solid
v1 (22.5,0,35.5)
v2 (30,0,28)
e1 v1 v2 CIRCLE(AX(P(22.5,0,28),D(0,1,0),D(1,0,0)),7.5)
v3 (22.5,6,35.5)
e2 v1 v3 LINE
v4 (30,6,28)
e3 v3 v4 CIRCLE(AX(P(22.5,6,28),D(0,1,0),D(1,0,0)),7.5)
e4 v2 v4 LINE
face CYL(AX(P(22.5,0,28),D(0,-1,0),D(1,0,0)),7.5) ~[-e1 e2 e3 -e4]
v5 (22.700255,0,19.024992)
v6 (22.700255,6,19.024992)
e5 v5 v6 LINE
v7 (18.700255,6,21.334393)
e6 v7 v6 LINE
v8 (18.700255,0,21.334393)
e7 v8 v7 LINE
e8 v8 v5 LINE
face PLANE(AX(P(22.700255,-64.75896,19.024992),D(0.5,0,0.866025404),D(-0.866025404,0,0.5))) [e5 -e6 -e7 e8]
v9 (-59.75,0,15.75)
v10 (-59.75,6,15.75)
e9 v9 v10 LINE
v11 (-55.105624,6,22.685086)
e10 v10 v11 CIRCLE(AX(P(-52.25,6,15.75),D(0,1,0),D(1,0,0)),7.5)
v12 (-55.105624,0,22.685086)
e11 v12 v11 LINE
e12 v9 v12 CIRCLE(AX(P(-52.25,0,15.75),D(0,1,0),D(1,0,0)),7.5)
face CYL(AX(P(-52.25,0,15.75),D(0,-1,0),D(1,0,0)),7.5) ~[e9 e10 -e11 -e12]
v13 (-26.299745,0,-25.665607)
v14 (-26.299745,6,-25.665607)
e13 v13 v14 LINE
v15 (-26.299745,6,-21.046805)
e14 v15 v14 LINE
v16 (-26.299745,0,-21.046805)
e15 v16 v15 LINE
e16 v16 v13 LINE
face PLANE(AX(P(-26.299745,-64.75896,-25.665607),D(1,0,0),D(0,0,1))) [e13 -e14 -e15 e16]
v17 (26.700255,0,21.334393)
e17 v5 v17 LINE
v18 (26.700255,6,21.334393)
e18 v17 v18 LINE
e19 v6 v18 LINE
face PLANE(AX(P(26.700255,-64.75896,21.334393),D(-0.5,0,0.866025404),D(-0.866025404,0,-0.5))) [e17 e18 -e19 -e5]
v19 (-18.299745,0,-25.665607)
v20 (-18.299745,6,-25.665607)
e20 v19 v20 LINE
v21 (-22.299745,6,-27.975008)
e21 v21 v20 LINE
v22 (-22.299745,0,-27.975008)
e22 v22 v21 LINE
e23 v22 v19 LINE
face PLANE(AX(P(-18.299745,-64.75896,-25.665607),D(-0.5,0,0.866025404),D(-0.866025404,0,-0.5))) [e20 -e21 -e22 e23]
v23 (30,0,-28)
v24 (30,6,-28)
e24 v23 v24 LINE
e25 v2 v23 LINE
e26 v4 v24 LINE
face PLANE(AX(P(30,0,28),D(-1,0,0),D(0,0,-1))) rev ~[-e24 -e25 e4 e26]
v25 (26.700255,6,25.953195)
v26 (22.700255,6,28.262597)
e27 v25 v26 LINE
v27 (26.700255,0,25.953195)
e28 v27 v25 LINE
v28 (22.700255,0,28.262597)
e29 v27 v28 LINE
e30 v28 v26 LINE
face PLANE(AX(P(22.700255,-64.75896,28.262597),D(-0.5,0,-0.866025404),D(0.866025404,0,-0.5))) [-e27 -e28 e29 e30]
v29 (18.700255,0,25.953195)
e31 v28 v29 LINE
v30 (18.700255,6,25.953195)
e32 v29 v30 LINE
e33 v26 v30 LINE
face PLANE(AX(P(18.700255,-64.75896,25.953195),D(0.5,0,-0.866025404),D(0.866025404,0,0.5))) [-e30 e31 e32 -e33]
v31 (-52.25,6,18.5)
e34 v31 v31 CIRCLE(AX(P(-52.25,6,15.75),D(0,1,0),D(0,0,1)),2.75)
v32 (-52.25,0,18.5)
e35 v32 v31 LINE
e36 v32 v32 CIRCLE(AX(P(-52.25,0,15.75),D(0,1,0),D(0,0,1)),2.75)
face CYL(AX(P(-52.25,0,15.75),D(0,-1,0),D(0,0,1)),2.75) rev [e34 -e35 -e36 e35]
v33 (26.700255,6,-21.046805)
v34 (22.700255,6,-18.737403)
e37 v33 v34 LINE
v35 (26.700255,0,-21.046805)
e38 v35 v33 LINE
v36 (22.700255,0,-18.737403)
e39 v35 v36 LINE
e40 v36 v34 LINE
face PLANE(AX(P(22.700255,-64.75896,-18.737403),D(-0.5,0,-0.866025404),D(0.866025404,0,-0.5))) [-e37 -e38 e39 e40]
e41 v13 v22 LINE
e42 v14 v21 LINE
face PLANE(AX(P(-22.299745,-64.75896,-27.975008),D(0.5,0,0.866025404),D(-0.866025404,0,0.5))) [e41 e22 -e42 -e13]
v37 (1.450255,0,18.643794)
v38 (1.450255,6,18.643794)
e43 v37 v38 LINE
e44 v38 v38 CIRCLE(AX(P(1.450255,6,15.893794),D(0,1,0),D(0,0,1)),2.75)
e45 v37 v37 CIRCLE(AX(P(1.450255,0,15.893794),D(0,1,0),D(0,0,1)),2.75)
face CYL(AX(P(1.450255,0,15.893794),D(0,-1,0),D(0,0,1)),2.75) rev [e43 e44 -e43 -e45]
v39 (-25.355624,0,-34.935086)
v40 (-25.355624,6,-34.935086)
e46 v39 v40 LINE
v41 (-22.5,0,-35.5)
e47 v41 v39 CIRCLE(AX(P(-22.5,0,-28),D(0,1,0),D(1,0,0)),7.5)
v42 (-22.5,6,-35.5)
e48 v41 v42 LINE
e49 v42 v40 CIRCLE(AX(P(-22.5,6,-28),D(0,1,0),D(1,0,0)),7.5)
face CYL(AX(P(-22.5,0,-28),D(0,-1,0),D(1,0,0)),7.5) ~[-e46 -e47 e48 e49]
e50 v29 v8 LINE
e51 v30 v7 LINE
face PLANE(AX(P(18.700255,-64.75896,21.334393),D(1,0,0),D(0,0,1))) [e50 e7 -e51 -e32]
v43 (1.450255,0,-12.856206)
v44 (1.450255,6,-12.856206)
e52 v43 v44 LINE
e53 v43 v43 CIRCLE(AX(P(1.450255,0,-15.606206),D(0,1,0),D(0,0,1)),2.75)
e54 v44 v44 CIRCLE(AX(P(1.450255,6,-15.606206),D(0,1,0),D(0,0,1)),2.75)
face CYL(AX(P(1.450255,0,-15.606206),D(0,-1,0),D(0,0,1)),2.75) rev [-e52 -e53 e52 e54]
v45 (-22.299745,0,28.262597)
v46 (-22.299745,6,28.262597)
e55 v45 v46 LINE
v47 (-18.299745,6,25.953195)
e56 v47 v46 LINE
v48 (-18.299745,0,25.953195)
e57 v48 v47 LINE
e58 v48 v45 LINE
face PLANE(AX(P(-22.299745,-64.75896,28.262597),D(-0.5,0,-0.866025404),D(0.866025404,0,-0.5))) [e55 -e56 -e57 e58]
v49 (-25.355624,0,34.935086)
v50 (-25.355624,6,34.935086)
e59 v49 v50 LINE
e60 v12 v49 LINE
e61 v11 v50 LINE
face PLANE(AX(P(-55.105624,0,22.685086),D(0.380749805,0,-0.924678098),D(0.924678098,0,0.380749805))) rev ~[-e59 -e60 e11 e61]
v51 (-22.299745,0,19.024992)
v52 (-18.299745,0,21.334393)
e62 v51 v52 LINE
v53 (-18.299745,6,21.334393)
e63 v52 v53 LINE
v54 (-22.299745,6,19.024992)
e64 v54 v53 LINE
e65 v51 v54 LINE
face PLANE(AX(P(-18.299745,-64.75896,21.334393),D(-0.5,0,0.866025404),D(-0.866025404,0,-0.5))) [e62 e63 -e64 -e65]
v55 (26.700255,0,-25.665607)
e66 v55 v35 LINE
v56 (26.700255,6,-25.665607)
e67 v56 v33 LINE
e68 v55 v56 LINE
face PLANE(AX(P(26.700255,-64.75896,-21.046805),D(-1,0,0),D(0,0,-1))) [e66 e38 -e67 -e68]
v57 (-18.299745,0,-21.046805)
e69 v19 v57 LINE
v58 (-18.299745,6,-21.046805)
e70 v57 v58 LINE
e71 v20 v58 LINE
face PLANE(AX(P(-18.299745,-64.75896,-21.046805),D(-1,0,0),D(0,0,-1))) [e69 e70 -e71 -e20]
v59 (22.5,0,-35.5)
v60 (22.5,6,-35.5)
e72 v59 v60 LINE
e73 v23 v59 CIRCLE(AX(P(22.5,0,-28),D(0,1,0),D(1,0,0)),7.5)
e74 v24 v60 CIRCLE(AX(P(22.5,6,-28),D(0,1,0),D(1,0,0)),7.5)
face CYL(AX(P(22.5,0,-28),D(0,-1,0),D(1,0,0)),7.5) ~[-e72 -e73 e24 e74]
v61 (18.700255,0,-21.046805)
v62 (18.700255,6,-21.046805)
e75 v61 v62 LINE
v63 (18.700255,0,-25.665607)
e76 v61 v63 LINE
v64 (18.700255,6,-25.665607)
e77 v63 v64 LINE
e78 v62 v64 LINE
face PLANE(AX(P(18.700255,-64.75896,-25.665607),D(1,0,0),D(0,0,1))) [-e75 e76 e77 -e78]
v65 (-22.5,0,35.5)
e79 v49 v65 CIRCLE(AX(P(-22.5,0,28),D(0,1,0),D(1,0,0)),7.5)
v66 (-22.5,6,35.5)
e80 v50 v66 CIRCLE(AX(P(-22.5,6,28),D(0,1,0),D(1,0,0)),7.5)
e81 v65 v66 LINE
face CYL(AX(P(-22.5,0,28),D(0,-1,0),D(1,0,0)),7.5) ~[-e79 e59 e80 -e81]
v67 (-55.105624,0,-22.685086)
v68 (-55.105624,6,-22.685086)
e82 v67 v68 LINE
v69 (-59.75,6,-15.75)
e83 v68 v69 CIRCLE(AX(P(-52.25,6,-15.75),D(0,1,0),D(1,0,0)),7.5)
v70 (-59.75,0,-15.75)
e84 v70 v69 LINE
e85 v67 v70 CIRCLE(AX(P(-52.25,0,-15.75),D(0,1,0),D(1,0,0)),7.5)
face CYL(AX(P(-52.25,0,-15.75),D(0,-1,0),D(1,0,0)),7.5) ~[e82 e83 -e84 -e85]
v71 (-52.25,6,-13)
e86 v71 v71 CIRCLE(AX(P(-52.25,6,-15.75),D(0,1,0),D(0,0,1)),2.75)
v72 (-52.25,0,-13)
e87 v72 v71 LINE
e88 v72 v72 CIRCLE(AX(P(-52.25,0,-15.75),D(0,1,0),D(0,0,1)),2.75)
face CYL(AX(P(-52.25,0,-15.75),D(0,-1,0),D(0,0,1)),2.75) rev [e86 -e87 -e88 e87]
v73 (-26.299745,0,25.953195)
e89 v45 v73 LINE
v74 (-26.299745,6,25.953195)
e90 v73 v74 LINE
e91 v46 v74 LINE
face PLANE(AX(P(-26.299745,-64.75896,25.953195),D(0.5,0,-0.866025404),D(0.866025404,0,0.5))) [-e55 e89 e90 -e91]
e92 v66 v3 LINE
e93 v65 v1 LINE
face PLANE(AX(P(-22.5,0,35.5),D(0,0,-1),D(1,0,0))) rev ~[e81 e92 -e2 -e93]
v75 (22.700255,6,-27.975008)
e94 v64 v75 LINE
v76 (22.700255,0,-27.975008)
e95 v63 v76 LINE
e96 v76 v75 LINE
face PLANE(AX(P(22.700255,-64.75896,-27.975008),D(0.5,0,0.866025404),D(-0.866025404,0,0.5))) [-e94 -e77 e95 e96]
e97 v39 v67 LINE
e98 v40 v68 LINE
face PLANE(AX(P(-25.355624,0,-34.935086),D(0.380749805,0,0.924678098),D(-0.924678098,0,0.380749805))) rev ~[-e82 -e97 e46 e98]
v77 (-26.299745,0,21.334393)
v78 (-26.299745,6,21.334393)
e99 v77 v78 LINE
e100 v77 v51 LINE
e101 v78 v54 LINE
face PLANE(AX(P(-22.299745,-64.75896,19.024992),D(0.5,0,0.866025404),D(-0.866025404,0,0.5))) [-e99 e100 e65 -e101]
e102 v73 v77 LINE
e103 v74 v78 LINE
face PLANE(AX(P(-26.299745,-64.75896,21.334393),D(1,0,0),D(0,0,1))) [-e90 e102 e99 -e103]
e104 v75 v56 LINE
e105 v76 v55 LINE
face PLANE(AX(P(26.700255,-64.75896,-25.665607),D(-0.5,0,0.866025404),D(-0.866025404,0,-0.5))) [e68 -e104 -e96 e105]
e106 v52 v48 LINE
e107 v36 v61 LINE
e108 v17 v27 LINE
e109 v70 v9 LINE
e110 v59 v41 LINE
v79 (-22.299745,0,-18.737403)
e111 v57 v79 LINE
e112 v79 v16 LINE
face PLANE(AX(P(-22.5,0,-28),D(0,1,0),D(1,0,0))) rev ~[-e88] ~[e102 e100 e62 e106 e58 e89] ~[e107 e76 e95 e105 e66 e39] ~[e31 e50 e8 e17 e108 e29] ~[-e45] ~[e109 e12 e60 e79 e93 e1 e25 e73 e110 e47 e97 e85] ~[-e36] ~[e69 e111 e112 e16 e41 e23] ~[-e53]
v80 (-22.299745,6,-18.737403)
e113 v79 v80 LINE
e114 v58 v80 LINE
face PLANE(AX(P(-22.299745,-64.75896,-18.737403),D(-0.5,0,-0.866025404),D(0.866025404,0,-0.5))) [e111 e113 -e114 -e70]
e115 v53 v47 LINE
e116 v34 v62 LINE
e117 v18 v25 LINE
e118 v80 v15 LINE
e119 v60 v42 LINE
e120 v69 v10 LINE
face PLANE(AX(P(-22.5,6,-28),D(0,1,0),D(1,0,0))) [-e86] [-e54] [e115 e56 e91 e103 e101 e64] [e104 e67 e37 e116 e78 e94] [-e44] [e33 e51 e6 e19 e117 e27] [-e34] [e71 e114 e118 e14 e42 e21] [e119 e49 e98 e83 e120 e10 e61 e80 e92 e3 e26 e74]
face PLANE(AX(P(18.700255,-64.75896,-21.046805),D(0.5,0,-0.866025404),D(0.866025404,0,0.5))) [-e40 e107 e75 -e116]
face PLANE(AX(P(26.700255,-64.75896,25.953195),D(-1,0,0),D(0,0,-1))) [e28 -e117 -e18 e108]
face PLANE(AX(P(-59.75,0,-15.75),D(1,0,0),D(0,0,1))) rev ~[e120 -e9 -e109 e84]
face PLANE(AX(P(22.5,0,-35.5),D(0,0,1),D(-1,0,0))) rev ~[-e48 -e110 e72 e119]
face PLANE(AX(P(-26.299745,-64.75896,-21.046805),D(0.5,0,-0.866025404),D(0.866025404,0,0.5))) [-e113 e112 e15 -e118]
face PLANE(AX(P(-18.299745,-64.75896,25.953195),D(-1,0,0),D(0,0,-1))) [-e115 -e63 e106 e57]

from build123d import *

# Parameters (mm, degrees)
SKETCH1_R               = 7.5
SKETCH1_R_2             = 2.75
SKETCH1_R_3             = 2.5
BOSS_EXTRUDE1_DEPTH     = 6
CUT_EXTRUDE1_DEPTH      = 70.758959998
CUT_EXTRUDE1_DEPTH_BACK = 70.758959998


with BuildPart() as part:
    # Sketch1 → Boss-Extrude1 (new body)
    # profile 1 of 7: a face of its own
    with BuildSketch(Plane(origin=(0, 0, 0), x_dir=(1, 0, 0), z_dir=(0, 1, 0))):
        with Locations((-52.25, 15.75)):
            Circle(SKETCH1_R)
        with Locations(Location((-52.25, 15.75, 0), (0, 0, 270))):
            Circle(SKETCH1_R_2, mode=Mode.SUBTRACT)
    # profile 2 of 7: a face of its own
    with BuildSketch(Plane(origin=(0, 0, 0), x_dir=(1, 0, 0), z_dir=(0, 1, 0))):
        with BuildLine():
            ThreePointArc((-44.75, 15.75), (-52.25, 8.25), (-59.75, 15.75))
            Line((-59.75, 15.75), (-59.75, -15.75))
            ThreePointArc((-59.75, -15.75), (-52.25, -8.25), (-44.75, -15.75))
            ThreePointArc((-44.75, -15.75), (-48.076702535, -21.981660154), (-55.105623539, -22.685085739))
            Line((-55.105623539, -22.685085739), (-25.355623539, -34.935085739))
            ThreePointArc((-25.355623539, -34.935085739), (-26.673297465, -21.768339846), (-15, -28))
            ThreePointArc((-15, -28), (-17.196699141, -33.303300859), (-22.5, -35.5))
            Line((-22.5, -35.5), (22.5, -35.5))
            ThreePointArc((22.5, -35.5), (17.196699141, -22.696699141), (30, -28))
            Line((30, -28), (30, 28))
            ThreePointArc((30, 28), (17.196699141, 22.696699141), (22.5, 35.5))
            Line((22.5, 35.5), (-22.5, 35.5))
            ThreePointArc((-22.5, 35.5), (-17.196699141, 33.303300859), (-15, 28))
            ThreePointArc((-15, 28), (-26.673297465, 21.768339846), (-25.355623539, 34.935085739))
            Line((-25.355623539, 34.935085739), (-55.105623539, 22.685085739))
            ThreePointArc((-55.105623539, 22.685085739), (-48.076702535, 21.981660154), (-44.75, 15.75))
        make_face()
        with Locations(Location((1.450255215, -15.893794378, 0), (0, 0, 270))):
            Circle(SKETCH1_R_2, mode=Mode.SUBTRACT)
        with Locations(Location((1.450255215, 15.606205622, 0), (0, 0, 270))):
            Circle(SKETCH1_R_2, mode=Mode.SUBTRACT)
    # profile 3 of 7: a face of its own
    with BuildSketch(Plane(origin=(0, 0, 0), x_dir=(1, 0, 0), z_dir=(0, 1, 0))):
        with Locations((-52.25, -15.75)):
            Circle(SKETCH1_R)
        with Locations(Location((-52.25, -15.75, 0), (0, 0, 270))):
            Circle(SKETCH1_R_2, mode=Mode.SUBTRACT)
    # profile 4 of 7: a face of its own
    with BuildSketch(Plane(origin=(0, 0, 0), x_dir=(1, 0, 0), z_dir=(0, 1, 0))):
        with Locations((-22.5, -28)):
            Circle(SKETCH1_R)
        with Locations(Location((-22.299744785, -23.643794378, 0), (0, 0, 270))):
            Circle(SKETCH1_R_3, mode=Mode.SUBTRACT)
    # profile 5 of 7: a face of its own
    with BuildSketch(Plane(origin=(0, 0, 0), x_dir=(1, 0, 0), z_dir=(0, 1, 0))):
        with Locations((22.5, -28)):
            Circle(SKETCH1_R)
        with Locations(Location((22.700255215, -23.643794378, 0), (0, 0, 270))):
            Circle(SKETCH1_R_3, mode=Mode.SUBTRACT)
    # profile 6 of 7: a face of its own
    with BuildSketch(Plane(origin=(0, 0, 0), x_dir=(1, 0, 0), z_dir=(0, 1, 0))):
        with Locations((22.5, 28)):
            Circle(SKETCH1_R)
        with Locations(Location((22.700255215, 23.356205622, 0), (0, 0, 270))):
            Circle(SKETCH1_R_3, mode=Mode.SUBTRACT)
    # profile 7 of 7: a face of its own
    with BuildSketch(Plane(origin=(0, 0, 0), x_dir=(1, 0, 0), z_dir=(0, 1, 0))):
        with Locations((-22.5, 28)):
            Circle(SKETCH1_R)
        with Locations(Location((-22.299744785, 23.356205622, 0), (0, 0, 270))):
            Circle(SKETCH1_R_3, mode=Mode.SUBTRACT)
    extrude(amount=BOSS_EXTRUDE1_DEPTH)

    # Sketch2 → Cut-Extrude1 (cut, two sides: drawn at the far end of the back side and taken through both)
    with BuildSketch(Plane(origin=(0, 6, 0), x_dir=(1, 0, 0), z_dir=(0, 1, 0)).offset(-CUT_EXTRUDE1_DEPTH_BACK)):
        Polygon((-22.299744785, 18.737403469), (-18.299744785, 21.046804546), (-18.299744785, 25.665606699), (-22.299744785, 27.975007776), (-26.299744785, 25.665606699), (-26.299744785, 21.046804546), align=None)
        Polygon((-22.299744785, -19.024992224), (-26.299744785, -21.334393301), (-26.299744785, -25.953195454), (-22.299744785, -28.262596531), (-18.299744785, -25.953195454), (-18.299744785, -21.334393301), align=None)
        Polygon((18.700255215, -25.953195454), (22.700255215, -28.262596531), (26.700255215, -25.953195454), (26.700255215, -21.334393301), (22.700255215, -19.024992224), (18.700255215, -21.334393301), align=None)
        Polygon((22.700255215, 18.737403469), (26.700255215, 21.046804546), (26.700255215, 25.665606699), (22.700255215, 27.975007776), (18.700255215, 25.665606699), (18.700255215, 21.046804546), align=None)
    extrude(amount=CUT_EXTRUDE1_DEPTH + CUT_EXTRUDE1_DEPTH_BACK, mode=Mode.SUBTRACT)


solid = part.part
